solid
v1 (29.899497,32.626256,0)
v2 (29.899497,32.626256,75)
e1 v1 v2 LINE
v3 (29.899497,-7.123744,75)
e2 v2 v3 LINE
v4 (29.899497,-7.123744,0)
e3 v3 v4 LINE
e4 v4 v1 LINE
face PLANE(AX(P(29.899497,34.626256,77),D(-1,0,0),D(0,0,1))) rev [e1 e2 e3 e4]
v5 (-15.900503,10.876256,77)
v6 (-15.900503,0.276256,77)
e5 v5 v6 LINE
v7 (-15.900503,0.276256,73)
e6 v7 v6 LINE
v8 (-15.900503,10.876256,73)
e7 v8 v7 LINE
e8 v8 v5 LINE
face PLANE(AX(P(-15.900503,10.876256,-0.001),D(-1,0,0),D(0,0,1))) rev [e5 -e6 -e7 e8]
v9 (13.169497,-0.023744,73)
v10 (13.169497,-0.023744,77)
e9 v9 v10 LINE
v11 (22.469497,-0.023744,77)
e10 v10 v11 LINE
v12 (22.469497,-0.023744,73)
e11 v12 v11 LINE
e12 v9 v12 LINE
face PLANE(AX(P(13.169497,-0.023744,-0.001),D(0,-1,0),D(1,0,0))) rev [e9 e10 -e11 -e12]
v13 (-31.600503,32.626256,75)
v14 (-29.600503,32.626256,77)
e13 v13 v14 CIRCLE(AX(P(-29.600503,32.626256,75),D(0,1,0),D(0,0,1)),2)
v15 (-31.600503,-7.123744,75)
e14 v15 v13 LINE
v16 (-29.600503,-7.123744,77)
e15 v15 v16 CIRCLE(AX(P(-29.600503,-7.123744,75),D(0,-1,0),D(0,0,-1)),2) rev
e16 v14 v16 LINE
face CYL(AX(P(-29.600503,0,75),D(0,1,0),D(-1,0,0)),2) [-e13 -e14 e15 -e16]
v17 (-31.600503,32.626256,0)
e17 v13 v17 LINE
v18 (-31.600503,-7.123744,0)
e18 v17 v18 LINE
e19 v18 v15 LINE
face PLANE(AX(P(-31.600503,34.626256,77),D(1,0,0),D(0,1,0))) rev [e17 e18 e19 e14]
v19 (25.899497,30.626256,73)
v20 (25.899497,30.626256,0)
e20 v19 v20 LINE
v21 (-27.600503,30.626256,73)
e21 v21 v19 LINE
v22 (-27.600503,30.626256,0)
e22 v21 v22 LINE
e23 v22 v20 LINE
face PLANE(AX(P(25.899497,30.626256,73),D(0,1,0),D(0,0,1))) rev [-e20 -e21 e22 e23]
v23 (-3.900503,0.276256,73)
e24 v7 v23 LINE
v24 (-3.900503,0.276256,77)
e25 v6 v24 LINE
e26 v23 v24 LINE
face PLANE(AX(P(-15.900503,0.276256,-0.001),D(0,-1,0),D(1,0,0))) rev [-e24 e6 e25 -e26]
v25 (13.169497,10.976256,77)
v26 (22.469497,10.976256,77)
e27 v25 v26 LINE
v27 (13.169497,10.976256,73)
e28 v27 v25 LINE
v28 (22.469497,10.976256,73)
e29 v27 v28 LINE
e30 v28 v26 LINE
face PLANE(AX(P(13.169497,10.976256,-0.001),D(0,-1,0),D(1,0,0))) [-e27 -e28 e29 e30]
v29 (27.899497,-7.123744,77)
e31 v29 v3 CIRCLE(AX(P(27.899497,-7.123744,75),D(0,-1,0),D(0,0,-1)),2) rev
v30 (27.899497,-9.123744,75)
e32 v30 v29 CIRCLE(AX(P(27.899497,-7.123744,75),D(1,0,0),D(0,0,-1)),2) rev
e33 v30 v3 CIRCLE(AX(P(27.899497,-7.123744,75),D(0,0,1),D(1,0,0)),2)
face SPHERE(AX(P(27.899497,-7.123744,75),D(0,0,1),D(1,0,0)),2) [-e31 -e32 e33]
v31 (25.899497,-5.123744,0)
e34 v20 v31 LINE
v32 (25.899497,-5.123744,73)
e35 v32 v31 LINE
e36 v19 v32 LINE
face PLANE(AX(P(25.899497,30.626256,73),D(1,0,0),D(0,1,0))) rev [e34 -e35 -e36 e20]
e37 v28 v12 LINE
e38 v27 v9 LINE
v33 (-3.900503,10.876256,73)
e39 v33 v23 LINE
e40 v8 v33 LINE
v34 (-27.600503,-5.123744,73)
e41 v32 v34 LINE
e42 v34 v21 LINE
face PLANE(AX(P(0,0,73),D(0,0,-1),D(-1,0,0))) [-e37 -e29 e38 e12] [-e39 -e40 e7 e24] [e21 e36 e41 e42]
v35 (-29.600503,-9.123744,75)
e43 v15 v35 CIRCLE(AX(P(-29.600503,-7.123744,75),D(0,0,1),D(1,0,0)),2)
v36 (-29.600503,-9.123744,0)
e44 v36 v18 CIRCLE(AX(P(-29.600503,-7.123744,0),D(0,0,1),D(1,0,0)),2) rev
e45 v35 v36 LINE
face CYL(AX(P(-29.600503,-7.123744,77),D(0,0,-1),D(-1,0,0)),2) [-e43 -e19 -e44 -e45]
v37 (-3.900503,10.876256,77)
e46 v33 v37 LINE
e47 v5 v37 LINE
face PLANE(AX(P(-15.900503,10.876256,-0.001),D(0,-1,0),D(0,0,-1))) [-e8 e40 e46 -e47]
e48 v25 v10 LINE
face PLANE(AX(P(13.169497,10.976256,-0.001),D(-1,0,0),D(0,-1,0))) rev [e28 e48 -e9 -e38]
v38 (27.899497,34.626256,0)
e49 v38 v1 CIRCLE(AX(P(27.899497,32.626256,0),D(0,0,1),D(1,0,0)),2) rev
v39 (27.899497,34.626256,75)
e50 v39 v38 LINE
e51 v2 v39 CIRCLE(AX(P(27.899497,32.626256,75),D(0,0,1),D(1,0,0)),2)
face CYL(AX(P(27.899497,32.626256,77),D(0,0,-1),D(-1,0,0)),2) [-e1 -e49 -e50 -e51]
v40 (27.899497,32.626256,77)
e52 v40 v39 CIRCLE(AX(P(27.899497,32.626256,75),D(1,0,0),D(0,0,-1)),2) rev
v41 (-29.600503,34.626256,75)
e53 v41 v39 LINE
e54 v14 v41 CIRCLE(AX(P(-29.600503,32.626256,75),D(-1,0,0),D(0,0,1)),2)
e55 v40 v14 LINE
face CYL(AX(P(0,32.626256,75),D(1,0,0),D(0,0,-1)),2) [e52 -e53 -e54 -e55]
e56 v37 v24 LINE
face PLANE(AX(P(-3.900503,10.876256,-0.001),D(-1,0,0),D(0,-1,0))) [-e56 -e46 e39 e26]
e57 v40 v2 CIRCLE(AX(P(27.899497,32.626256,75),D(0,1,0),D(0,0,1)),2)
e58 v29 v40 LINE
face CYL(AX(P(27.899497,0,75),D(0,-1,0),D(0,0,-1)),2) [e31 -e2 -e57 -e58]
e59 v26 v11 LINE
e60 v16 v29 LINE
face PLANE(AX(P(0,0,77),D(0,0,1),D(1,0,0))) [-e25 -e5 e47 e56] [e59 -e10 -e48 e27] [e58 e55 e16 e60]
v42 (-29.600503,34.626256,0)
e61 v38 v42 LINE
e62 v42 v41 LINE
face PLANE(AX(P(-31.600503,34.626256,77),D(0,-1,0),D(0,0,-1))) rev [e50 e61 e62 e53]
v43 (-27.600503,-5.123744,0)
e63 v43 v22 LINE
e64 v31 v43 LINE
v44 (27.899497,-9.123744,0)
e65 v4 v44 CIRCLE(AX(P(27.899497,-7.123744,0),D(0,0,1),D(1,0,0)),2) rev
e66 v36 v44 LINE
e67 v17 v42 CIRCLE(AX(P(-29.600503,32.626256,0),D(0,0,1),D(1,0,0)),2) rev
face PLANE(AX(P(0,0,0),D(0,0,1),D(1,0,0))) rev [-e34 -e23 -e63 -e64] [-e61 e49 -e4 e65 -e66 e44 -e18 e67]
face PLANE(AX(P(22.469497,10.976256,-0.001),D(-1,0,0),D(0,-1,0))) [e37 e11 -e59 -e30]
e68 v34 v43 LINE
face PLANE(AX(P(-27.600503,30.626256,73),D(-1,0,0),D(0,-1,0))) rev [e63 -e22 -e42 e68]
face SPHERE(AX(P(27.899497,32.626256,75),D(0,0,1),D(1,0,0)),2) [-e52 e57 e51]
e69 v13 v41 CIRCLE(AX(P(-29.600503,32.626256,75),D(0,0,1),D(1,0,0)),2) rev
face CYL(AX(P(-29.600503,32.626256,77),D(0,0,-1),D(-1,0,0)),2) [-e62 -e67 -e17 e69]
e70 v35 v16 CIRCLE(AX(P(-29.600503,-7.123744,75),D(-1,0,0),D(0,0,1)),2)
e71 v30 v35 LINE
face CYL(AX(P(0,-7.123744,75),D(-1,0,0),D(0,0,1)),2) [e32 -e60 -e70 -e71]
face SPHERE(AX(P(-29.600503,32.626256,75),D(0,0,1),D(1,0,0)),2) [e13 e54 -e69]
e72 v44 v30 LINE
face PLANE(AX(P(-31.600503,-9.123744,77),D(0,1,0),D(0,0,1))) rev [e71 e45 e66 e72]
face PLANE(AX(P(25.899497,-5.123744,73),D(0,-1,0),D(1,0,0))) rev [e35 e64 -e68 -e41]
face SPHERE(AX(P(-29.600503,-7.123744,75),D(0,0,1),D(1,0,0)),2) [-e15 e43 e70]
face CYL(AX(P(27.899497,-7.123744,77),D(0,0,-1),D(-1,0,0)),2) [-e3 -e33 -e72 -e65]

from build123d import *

# Parameters (mm, degrees)
ESQUISSE1_W             = 61.5
ESQUISSE1_H             = 43.75
BOSS_EXTRU_1_DEPTH      = 77
ENL_V_MAT_EXTRU_4_REACH = 79
ESQUISSE3_W             = 9.3
ESQUISSE3_H             = 11
ESQUISSE3_W_2           = 12
ESQUISSE3_H_2           = 10.6
ESQUISSE6_W             = 53.5
ESQUISSE6_H             = 35.75
ENL_V_MAT_EXTRU_5_DEPTH = 73
CONG_4_R                = 2


with BuildPart() as part:
    # Esquisse1 → Boss.-Extru.1 (new body)
    with BuildSketch(Plane.XY):
        with Locations((-0.850502513, 12.751256281)):
            Rectangle(ESQUISSE1_W, ESQUISSE1_H)
    extrude(amount=BOSS_EXTRU_1_DEPTH)

    # Esquisse3 → Enlèv. mat.-Extru.4 (cut, up to next)
    with BuildSketch(Plane.XY.offset(77), mode=Mode.PRIVATE) as enl_v_mat_extru_4_sk1:
        with Locations((17.819497487, 5.476256281)):
            Rectangle(ESQUISSE3_W, ESQUISSE3_H)
    enl_v_mat_extru_4_tool1 = extrude(enl_v_mat_extru_4_sk1.sketch, amount=-ENL_V_MAT_EXTRU_4_REACH, mode=Mode.PRIVATE) & part.part
    add(enl_v_mat_extru_4_tool1.solids().sort_by_distance((17.819497, 5.476256, 77))[0], mode=Mode.SUBTRACT)
    # Esquisse3 → Enlèv. mat.-Extru.4 (cut, up to next)
    with BuildSketch(Plane.XY.offset(77), mode=Mode.PRIVATE) as enl_v_mat_extru_4_sk2:
        with Locations((-9.900502513, 5.576256281)):
            Rectangle(ESQUISSE3_W_2, ESQUISSE3_H_2)
    enl_v_mat_extru_4_tool2 = extrude(enl_v_mat_extru_4_sk2.sketch, amount=-ENL_V_MAT_EXTRU_4_REACH, mode=Mode.PRIVATE) & part.part
    add(enl_v_mat_extru_4_tool2.solids().sort_by_distance((-9.900503, 5.576256, 77))[0], mode=Mode.SUBTRACT)

    # Esquisse6 → Enlèv. mat.-Extru.5 (cut)
    with BuildSketch(Plane(origin=(0, 0, 0), x_dir=(-1, 0, 0), z_dir=(0, 0, -1))):
        with Locations((0.850502513, 12.751256281)):
            Rectangle(ESQUISSE6_W, ESQUISSE6_H)
    extrude(amount=-ENL_V_MAT_EXTRU_5_DEPTH, mode=Mode.SUBTRACT)

    # Congé4
    cong_4_edges = [part.edges().sort_by_distance(p)[0] for p in [
        (29.899497487, 12.751256281, 77),
        (-0.850502513, 34.626256281, 77),
        (-31.600502513, 12.751256281, 77),
        (-31.600502513, 34.626256281, 38.5),
        (29.899497487, 34.626256281, 38.5),
        (29.899497487, -9.123743719, 38.5),
        (-31.600502513, -9.123743719, 38.5),
        (-0.850502513, -9.123743719, 77),
    ]]
    fillet(cong_4_edges, radius=CONG_4_R)


solid = part.part
